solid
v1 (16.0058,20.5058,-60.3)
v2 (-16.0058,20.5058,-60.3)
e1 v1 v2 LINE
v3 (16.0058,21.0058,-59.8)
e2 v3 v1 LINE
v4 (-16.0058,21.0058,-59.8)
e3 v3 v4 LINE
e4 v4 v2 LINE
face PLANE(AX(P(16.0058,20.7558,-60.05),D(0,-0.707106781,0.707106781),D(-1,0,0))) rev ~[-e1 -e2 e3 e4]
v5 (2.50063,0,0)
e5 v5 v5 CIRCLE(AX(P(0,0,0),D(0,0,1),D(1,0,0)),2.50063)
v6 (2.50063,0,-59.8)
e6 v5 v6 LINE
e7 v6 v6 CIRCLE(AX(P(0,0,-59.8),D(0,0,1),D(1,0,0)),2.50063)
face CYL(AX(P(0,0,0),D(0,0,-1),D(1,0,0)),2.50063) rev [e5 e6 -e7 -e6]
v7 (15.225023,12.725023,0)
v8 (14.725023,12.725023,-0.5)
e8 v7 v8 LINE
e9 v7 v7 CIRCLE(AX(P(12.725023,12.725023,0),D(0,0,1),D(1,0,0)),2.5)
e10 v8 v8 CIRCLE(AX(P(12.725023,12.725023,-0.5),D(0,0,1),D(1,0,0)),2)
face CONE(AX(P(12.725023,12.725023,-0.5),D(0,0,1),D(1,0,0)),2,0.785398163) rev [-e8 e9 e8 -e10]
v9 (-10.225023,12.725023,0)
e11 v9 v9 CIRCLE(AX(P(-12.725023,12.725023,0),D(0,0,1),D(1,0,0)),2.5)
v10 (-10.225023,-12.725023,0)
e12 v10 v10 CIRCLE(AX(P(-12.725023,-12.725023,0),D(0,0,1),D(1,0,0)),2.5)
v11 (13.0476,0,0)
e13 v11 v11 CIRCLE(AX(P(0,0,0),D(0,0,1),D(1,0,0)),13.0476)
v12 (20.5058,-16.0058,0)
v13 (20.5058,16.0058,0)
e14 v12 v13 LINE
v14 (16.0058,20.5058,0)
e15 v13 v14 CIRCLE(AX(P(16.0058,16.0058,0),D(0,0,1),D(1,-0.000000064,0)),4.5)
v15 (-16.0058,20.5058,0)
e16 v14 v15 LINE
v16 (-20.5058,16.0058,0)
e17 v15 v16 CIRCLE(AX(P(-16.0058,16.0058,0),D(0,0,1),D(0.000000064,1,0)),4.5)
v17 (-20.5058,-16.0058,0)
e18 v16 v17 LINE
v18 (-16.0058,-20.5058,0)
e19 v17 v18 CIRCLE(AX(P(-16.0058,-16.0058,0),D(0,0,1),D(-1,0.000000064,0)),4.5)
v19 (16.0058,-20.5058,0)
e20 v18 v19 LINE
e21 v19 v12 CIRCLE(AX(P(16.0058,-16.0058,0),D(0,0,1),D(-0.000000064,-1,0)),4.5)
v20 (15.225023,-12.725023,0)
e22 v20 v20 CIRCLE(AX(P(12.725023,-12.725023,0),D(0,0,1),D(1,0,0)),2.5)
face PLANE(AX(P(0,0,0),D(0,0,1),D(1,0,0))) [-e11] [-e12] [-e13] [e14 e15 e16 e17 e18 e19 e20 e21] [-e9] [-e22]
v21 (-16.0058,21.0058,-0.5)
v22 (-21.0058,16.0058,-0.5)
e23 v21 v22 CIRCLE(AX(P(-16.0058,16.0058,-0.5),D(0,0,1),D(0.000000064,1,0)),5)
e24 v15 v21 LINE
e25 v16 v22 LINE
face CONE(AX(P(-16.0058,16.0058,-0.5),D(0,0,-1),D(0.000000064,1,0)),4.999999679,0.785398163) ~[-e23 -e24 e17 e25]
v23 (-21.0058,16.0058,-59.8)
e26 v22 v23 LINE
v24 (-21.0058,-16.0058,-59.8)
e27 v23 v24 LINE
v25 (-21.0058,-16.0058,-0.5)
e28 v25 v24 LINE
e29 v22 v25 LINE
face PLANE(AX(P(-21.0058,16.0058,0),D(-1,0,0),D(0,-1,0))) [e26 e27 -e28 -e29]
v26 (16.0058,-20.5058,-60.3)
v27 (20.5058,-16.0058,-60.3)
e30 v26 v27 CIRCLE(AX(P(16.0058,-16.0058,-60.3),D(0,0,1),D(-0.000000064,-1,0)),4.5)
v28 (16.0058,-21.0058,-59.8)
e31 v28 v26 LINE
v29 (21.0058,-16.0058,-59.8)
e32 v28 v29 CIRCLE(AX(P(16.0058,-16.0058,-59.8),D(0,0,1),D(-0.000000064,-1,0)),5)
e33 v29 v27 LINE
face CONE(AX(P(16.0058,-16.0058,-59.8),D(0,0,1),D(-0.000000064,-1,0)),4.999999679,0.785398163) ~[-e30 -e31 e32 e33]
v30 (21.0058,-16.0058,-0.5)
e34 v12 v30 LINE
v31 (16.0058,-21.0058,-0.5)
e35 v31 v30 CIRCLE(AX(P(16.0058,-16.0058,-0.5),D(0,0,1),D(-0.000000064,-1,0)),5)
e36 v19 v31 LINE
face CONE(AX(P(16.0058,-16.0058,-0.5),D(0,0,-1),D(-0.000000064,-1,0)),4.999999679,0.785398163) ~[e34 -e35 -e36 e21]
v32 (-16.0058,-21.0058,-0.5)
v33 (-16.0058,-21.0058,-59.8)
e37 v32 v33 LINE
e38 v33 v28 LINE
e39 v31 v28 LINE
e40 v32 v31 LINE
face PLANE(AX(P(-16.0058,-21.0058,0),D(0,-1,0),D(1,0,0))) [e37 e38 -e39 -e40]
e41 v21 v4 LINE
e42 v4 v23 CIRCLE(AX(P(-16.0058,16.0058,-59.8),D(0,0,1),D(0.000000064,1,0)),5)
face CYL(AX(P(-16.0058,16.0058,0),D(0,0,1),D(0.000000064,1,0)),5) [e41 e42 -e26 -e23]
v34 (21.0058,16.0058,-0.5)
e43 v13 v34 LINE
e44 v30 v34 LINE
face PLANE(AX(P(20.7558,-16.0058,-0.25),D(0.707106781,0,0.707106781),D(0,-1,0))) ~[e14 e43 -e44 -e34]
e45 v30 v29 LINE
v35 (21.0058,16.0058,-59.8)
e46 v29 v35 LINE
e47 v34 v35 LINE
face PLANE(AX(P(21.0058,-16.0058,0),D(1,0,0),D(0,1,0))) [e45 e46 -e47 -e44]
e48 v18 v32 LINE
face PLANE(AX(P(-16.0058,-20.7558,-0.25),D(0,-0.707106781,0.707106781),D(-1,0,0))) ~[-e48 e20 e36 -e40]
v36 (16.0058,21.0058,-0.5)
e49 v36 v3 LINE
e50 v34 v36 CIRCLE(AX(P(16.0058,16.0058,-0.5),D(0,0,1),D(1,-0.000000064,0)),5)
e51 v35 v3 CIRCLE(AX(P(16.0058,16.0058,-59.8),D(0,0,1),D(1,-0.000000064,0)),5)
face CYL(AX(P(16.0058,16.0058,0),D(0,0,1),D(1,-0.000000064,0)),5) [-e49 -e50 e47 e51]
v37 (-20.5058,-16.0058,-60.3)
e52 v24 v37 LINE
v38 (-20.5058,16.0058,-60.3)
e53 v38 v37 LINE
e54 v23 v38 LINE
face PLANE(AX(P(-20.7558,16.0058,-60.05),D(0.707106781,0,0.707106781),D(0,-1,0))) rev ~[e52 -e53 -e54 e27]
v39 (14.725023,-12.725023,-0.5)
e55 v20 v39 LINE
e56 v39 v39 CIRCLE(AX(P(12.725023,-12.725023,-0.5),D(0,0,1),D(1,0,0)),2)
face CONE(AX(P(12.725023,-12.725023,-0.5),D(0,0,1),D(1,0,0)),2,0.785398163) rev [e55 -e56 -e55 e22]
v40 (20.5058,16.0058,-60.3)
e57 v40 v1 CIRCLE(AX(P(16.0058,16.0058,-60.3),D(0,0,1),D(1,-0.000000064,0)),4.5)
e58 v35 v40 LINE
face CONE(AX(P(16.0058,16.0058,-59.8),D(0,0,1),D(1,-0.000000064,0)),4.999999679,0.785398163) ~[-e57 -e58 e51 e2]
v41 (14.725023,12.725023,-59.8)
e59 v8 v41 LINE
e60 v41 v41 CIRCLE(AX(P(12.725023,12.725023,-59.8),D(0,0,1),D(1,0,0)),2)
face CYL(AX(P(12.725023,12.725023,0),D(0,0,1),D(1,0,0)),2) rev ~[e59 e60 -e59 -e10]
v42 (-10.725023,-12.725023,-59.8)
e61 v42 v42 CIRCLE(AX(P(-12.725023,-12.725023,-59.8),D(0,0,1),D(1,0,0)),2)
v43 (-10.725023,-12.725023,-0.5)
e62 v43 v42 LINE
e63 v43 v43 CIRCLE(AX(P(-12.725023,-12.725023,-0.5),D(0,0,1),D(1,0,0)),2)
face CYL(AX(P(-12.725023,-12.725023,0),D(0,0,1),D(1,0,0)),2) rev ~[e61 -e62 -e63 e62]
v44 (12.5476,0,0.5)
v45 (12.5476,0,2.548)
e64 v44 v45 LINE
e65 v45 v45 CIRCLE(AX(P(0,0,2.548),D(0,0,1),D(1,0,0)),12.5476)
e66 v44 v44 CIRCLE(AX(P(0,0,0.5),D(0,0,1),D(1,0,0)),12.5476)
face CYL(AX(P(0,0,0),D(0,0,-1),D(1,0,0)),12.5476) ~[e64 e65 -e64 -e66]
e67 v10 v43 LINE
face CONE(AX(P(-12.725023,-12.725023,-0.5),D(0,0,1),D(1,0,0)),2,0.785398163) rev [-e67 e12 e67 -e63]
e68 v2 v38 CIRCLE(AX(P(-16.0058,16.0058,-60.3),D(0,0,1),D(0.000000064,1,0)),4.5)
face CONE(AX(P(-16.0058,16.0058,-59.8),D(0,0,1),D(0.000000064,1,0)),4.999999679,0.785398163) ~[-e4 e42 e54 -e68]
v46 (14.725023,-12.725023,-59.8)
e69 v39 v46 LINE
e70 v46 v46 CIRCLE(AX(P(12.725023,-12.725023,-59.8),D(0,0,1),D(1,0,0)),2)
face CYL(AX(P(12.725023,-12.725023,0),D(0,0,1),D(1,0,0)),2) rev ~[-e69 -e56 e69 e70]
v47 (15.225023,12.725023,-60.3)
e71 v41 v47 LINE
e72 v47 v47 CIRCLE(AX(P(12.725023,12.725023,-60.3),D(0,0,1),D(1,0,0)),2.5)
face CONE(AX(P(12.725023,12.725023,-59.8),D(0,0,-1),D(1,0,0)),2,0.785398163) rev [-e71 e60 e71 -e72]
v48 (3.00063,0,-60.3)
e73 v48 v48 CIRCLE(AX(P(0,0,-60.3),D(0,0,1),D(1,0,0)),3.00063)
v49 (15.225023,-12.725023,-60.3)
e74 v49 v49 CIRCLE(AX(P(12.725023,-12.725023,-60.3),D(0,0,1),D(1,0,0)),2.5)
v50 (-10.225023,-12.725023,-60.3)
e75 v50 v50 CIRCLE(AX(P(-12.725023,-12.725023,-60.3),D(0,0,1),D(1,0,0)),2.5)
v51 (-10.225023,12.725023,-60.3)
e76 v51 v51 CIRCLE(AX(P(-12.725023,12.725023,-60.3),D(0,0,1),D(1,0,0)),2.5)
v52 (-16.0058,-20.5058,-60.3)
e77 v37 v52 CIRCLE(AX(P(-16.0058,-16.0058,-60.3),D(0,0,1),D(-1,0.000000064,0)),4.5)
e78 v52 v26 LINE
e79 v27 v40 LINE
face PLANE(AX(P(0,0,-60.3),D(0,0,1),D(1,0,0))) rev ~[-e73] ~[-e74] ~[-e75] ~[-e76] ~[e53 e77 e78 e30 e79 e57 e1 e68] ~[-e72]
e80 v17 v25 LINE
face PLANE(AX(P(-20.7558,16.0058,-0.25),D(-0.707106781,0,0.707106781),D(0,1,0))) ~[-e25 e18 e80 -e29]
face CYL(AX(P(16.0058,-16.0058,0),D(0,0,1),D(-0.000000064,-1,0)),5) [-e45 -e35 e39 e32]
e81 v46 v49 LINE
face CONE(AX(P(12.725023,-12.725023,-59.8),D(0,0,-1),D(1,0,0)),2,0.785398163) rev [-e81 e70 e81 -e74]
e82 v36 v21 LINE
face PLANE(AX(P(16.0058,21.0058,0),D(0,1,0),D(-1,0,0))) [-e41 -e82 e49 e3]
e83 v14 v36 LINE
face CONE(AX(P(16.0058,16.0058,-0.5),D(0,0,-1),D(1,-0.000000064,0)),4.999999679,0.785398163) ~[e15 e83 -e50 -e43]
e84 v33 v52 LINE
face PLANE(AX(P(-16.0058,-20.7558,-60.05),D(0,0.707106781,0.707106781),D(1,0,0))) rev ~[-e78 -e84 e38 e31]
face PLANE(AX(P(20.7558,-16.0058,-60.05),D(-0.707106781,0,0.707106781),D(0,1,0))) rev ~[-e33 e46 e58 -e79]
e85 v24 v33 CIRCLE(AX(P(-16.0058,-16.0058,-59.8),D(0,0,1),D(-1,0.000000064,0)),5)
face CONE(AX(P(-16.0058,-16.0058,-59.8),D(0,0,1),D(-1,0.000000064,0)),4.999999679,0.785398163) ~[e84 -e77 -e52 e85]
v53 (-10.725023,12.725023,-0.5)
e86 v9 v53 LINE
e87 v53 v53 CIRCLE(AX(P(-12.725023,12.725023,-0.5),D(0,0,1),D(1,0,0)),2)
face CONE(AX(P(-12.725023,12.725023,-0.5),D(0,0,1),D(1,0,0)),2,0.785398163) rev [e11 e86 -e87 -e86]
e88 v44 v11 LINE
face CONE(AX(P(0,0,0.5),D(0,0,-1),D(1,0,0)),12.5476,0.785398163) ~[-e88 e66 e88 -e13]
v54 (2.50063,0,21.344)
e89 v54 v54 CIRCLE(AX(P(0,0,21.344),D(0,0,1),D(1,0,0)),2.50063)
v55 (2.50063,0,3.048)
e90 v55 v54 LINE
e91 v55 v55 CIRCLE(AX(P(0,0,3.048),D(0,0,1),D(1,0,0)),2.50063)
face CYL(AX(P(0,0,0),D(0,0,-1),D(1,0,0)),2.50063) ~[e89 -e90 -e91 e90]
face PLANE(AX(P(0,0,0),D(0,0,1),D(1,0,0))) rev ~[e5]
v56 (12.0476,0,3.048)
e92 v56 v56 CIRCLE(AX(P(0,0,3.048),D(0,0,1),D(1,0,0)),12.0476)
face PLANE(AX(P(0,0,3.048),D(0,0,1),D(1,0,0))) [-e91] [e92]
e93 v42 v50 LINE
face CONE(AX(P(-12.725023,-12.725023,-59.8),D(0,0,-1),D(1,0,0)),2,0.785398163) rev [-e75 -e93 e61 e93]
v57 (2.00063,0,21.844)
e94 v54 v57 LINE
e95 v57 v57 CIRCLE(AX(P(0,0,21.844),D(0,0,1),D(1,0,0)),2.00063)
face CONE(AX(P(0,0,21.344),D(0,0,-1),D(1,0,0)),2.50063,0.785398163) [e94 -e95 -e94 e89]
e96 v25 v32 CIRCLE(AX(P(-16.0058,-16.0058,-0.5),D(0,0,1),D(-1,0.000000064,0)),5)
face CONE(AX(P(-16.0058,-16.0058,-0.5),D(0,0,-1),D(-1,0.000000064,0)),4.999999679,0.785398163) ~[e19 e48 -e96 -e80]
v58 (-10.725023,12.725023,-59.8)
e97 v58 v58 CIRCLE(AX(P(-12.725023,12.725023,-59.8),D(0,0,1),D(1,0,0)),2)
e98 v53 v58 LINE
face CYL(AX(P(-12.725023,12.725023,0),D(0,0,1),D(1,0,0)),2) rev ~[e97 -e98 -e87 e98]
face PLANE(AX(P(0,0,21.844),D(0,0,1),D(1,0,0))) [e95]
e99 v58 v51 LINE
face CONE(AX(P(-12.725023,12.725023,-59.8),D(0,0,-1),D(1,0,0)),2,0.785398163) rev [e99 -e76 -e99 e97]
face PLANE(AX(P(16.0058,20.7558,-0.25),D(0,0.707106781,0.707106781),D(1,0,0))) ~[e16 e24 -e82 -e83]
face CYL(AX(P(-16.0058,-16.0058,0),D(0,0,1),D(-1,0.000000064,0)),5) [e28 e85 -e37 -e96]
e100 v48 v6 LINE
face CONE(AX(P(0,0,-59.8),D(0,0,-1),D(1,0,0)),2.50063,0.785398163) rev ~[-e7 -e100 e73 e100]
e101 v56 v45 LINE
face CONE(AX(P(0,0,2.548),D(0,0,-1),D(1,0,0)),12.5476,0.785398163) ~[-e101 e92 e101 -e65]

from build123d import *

# Parameters (mm, degrees)
F0_R     = 2
F0_R_2   = 12.5476
F0_R_3   = 2.50063
F1_DEPTH = 60.3
F2_DEPTH = 3.048
F3_DEPTH = 21.844
F4_SIZE  = 0.5


with BuildPart() as f1:
    # F0 (on Top) → F1 (new body)
    with BuildSketch(Plane.XY):
        with BuildLine():
            ThreePointArc((21.0058, 16.0058), (19.541334, 19.541334), (16.0058, 21.0058))
            Line((16.0058, 21.0058), (-16.0058, 21.0058))
            ThreePointArc((-16.0058, 21.0058), (-19.541334, 19.541334), (-21.0058, 16.0058))
            Line((-21.0058, 16.0058), (-21.0058, -16.0058))
            ThreePointArc((-21.0058, -16.0058), (-19.541334, -19.541334), (-16.0058, -21.0058))
            Line((-16.0058, -21.0058), (16.0058, -21.0058))
            ThreePointArc((16.0058, -21.0058), (19.541334, -19.541334), (21.0058, -16.0058))
            Line((21.0058, -16.0058), (21.0058, 16.0058))
        make_face()
        with Locations((-12.725023, -12.725023)):
            Circle(F0_R, mode=Mode.SUBTRACT)
        with Locations((12.725023, -12.725023)):
            Circle(F0_R, mode=Mode.SUBTRACT)
        with Locations((-12.725023, 12.725023)):
            Circle(F0_R, mode=Mode.SUBTRACT)
        Circle(F0_R_2, mode=Mode.SUBTRACT)
        with Locations((12.725023, 12.725023)):
            Circle(F0_R, mode=Mode.SUBTRACT)
        Circle(F0_R_2)
        Circle(F0_R_3, mode=Mode.SUBTRACT)
    extrude(amount=-F1_DEPTH)

    # F0 (on Top) → F2 (join)
    with BuildSketch(Plane.XY):
        Circle(F0_R_2)
        Circle(F0_R_3, mode=Mode.SUBTRACT)
    extrude(amount=F2_DEPTH)

    # F0 (on Top) → F3 (join)
    with BuildSketch(Plane.XY):
        Circle(F0_R_3)
    extrude(amount=F3_DEPTH)

    # F4
    f4_edges = [f1.edges().sort_by_distance(p)[0] for p in [
        (-2.50063, 0, 21.844),
        (-12.5476, 0, 3.048),
        (-14.725023, -12.725023, 0),
        (-14.725023, 12.725023, 0),
        (10.725023, 12.725023, 0),
        (10.725023, -12.725023, 0),
        (19.541334, 19.541334, 0),
        (21.0058, 0, 0),
        (0, 21.0058, 0),
        (19.541334, -19.541334, 0),
        (-19.541334, 19.541334, 0),
        (0, -21.0058, 0),
        (-21.0058, 0, 0),
        (-19.541334, -19.541334, 0),
        (-12.5476, 0, 0),
        (19.541334, 19.541334, -60.3),
        (0, 21.0058, -60.3),
        (-19.541334, 19.541334, -60.3),
        (-21.0058, 0, -60.3),
        (-19.541334, -19.541334, -60.3),
        (0, -21.0058, -60.3),
        (19.541334, -19.541334, -60.3),
        (21.0058, 0, -60.3),
        (-14.725023, -12.725023, -60.3),
        (10.725023, -12.725023, -60.3),
        (-14.725023, 12.725023, -60.3),
        (10.725023, 12.725023, -60.3),
        (-2.50063, 0, -60.3),
    ]]
    chamfer(f4_edges, length=F4_SIZE)


solid = f1.part
